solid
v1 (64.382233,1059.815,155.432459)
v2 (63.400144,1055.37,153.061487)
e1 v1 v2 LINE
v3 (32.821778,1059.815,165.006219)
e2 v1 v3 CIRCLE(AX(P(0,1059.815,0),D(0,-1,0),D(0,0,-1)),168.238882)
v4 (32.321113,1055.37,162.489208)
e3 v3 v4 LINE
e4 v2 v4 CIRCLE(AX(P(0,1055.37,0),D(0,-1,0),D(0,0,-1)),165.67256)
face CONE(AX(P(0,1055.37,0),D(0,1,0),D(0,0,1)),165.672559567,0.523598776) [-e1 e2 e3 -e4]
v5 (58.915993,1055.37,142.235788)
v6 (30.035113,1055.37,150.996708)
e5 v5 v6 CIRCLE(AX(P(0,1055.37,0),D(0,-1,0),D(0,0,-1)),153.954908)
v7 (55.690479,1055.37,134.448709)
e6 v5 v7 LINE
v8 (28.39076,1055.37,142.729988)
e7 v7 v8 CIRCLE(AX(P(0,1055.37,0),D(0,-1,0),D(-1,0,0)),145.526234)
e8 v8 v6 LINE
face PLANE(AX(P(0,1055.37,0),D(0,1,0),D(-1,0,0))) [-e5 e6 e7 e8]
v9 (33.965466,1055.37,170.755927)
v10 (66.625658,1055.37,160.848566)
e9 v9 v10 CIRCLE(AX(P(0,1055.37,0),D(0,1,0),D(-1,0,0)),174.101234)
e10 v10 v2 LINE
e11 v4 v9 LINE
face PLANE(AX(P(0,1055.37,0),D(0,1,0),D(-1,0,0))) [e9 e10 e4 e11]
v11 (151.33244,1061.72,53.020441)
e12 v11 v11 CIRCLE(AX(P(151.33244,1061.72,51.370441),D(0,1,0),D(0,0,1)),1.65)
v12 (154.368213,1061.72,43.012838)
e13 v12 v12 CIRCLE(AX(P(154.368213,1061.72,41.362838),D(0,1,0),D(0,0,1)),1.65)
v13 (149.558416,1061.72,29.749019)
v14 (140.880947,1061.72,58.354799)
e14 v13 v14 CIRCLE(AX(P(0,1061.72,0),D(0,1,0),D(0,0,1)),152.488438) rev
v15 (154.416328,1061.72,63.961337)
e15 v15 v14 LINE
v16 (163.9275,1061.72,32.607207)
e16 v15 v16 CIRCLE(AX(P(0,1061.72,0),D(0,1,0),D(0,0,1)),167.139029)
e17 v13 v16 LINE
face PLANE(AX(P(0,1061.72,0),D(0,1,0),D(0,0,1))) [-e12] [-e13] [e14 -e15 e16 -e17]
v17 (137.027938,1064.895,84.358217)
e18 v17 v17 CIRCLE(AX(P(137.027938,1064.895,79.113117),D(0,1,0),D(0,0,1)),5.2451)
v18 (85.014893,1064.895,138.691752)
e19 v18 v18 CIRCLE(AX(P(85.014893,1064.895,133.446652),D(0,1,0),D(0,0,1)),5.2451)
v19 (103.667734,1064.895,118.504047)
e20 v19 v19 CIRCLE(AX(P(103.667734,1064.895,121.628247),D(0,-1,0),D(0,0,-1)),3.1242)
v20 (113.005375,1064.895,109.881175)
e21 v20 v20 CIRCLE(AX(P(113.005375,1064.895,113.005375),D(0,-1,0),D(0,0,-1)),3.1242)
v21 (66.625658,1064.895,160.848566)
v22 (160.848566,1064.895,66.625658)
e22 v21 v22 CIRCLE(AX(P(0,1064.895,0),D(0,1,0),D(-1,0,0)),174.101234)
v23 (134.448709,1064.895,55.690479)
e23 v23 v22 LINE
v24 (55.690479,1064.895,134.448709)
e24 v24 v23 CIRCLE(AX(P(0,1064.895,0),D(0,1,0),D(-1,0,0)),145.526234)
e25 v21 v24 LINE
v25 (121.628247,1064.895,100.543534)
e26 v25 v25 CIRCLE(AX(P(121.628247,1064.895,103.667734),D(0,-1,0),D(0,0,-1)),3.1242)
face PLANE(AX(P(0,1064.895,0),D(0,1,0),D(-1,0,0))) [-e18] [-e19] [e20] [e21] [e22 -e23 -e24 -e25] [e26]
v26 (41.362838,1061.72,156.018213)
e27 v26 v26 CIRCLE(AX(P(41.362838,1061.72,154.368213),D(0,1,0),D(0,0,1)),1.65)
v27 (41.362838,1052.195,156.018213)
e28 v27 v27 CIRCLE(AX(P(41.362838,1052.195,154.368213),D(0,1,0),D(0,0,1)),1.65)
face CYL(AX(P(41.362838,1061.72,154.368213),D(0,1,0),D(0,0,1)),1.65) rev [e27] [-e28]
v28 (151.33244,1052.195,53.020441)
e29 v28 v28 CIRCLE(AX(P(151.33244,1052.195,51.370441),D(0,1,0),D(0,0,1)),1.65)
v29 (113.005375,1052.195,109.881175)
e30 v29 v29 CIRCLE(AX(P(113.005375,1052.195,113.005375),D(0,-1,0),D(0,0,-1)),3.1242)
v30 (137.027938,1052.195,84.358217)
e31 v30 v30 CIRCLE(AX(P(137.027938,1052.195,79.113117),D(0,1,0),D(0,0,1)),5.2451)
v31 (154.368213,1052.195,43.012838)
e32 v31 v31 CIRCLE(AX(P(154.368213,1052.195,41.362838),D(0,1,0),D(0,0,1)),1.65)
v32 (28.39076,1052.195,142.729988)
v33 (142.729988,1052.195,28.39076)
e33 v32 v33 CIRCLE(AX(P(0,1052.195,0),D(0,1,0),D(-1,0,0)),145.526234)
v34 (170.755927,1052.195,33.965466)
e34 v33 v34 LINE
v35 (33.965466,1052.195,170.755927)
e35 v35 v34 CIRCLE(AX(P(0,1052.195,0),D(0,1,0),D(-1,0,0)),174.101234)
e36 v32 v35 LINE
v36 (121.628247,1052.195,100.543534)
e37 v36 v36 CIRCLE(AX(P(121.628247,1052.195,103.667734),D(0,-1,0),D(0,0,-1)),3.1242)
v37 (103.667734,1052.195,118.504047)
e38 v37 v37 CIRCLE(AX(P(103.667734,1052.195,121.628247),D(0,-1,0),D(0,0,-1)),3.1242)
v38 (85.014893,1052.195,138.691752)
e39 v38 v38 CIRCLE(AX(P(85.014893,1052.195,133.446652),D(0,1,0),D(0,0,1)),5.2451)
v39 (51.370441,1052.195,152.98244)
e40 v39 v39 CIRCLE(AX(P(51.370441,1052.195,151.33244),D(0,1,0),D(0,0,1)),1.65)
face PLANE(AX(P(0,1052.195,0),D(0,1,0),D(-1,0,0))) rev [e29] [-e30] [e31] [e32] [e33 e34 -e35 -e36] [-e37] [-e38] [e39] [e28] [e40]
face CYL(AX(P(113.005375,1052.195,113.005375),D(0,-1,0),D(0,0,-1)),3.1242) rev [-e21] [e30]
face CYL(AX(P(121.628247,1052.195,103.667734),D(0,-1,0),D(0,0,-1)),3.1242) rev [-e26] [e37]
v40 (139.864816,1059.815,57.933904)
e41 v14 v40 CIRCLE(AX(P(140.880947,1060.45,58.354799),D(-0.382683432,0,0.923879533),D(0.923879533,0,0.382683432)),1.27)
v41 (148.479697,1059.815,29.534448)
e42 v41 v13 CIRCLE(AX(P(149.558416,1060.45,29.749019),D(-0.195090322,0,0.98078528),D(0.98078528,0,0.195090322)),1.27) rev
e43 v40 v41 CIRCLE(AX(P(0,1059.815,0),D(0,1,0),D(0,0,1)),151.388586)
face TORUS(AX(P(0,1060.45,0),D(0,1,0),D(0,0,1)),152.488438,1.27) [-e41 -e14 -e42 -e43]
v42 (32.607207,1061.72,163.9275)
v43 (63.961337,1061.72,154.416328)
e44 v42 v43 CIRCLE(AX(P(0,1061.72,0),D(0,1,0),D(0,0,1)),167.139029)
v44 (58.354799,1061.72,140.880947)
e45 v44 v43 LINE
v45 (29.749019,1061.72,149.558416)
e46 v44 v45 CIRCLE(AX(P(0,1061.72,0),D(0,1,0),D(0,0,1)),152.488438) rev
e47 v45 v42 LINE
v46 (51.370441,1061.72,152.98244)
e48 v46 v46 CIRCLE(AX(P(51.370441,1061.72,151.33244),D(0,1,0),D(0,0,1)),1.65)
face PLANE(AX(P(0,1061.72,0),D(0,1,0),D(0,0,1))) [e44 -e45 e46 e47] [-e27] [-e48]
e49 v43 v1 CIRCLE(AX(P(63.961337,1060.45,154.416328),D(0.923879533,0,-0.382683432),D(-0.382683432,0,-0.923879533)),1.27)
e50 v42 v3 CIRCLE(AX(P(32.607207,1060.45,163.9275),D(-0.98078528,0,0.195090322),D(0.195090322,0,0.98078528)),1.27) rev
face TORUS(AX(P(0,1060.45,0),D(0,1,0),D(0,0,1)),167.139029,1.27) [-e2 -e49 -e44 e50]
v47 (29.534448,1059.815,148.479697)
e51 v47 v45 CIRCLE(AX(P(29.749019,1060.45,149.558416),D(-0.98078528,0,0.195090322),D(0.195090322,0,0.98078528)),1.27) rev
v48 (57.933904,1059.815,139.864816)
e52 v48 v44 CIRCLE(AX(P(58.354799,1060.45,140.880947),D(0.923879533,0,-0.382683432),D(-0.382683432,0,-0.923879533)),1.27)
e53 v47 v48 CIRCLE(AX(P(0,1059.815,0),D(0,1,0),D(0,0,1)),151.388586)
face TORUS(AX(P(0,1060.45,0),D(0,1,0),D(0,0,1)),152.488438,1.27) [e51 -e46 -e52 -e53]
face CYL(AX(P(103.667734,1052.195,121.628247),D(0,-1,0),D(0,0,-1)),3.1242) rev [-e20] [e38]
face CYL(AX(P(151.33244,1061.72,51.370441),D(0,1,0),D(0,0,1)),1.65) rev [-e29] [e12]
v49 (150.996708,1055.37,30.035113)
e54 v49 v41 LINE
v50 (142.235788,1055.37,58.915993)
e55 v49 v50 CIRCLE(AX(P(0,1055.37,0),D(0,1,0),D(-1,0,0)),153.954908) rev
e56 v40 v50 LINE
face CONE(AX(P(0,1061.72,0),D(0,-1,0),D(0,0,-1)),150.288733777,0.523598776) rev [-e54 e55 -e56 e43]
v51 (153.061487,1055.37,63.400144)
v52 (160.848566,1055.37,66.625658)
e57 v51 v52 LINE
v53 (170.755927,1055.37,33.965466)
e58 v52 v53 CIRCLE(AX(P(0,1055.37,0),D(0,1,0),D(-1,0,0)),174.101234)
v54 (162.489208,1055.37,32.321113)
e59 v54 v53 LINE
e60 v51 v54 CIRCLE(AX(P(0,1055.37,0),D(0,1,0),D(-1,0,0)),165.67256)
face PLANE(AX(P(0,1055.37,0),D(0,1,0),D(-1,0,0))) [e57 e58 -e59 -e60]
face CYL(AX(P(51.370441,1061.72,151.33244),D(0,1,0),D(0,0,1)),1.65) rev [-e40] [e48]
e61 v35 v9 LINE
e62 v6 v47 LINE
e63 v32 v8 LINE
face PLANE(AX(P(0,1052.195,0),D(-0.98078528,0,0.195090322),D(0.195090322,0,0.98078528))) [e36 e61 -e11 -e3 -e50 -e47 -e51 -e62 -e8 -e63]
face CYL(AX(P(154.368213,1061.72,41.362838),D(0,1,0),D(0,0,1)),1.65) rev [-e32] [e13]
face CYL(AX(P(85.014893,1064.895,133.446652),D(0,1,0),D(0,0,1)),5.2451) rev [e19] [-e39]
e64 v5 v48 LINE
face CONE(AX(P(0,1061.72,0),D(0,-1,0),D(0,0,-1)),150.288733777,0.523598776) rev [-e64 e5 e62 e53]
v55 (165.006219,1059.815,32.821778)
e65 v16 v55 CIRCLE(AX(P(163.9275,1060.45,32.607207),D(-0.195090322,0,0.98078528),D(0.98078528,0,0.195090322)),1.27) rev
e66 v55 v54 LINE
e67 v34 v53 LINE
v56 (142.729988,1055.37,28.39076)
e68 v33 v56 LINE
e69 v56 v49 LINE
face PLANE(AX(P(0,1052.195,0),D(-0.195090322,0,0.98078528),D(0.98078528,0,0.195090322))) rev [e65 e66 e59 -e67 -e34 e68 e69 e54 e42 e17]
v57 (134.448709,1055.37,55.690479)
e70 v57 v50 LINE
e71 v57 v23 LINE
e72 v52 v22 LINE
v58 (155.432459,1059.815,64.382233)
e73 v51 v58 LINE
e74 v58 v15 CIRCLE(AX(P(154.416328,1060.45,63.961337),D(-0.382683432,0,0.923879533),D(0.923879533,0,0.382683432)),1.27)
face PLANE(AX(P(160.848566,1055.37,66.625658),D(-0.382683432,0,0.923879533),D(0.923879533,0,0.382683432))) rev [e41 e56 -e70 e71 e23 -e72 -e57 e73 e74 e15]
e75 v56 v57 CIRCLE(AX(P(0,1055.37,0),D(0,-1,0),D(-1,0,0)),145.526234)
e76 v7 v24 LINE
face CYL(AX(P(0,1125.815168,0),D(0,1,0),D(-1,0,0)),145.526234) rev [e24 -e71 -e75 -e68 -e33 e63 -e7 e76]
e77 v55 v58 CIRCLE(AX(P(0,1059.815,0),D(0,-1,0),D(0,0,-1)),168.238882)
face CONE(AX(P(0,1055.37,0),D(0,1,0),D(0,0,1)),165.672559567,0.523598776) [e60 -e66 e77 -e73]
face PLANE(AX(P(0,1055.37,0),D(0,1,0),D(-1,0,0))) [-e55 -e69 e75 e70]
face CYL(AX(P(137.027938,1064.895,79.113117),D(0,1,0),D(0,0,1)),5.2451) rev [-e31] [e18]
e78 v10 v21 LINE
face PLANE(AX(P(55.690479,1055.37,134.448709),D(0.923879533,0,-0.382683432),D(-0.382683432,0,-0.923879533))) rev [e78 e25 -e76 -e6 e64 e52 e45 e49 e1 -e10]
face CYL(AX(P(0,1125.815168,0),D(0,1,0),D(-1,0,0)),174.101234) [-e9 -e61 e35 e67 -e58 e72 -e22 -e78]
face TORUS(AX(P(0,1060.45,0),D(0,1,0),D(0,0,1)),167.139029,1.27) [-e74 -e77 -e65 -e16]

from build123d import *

# Parameters (mm, degrees)
SKETCH1_W                = 28.575
SKETCH1_H                = 12.7
CUT_EXTRUDE1_DEPTH       = 9.525
F_12_CLEARANCE_HOLE1_D   = 6.2484
M4X0_7_TAPPED_HOLE1_D    = 3.3
CIRPATTERN1_COUNT        = 4
Z_0_413_DIAMETER_HOLE1_D = 10.4902
FILLET1_R                = 1.27
CUT_EXTRUDE2_DEPTH       = 247.298196718
CUT_EXTRUDE2_DEPTH_BACK  = 247.298196718


with BuildPart() as part:
    # Sketch1 → Revolve1 (revolve)
    with BuildSketch(Plane.XY, mode=Mode.PRIVATE) as revolve1_sk:
        with Locations((159.813733777, 1058.545)):
            Rectangle(SKETCH1_W, SKETCH1_H)
    revolve(revolve1_sk.sketch.rotate(Axis((0, 1125.81516809, 0), (0, -1, 0)), 180), axis=Axis((0, 1125.81516809, 0), (0, -1, 0)))

    # Sketch19 → Cut-Extrude1 (cut)
    with BuildSketch(Plane(origin=(0, 1064.895, 0), x_dir=(1, 0, 0), z_dir=(0, 1, 0))):
        with BuildLine():
            Line((160.848566471, -66.625657721), (134.44870883, -55.690478641))
            ThreePointArc((134.44870883, -55.690478641), (145.526233777, 0), (134.44870883, 55.690478641))
            Line((134.44870883, 55.690478641), (160.848566471, 66.625657721))
            ThreePointArc((160.848566471, 66.625657721), (174.101233777, 0), (160.848566471, -66.625657721))
        make_face()
        with BuildLine():
            Line((-66.625657721, 160.848566471), (-55.690478641, 134.44870883))
            ThreePointArc((-55.690478641, 134.44870883), (0, 145.526233777), (55.690478641, 134.44870883))
            Line((55.690478641, 134.44870883), (66.625657721, 160.848566471))
            ThreePointArc((66.625657721, 160.848566471), (0, 174.101233777), (-66.625657721, 160.848566471))
        make_face()
        with BuildLine():
            Line((-134.44870883, -55.690478641), (-160.848566471, -66.625657721))
            ThreePointArc((-160.848566471, -66.625657721), (-174.101233777, 0), (-160.848566471, 66.625657721))
            Line((-160.848566471, 66.625657721), (-134.44870883, 55.690478641))
            ThreePointArc((-134.44870883, 55.690478641), (-145.526233777, 0), (-134.44870883, -55.690478641))
        make_face()
        with BuildLine():
            Line((-55.690478641, -134.44870883), (-66.625657721, -160.848566471))
            ThreePointArc((-66.625657721, -160.848566471), (0, -174.101233777), (66.625657721, -160.848566471))
            Line((66.625657721, -160.848566471), (55.690478641, -134.44870883))
            ThreePointArc((55.690478641, -134.44870883), (0, -145.526233777), (-55.690478641, -134.44870883))
        make_face()
    extrude(amount=-CUT_EXTRUDE1_DEPTH, mode=Mode.SUBTRACT)

    # Sketch21 → Revolve2 (revolve)
    with BuildSketch(Plane.XY):
        Polygon((-165.672559567, 1055.37), (-153.954907986, 1055.37), (-150.288733777, 1061.72), (-169.338733777, 1061.72), align=None)
    revolve(axis=Axis((0, 0, 0), (0, 1, 0)))

    # #12 Clearance Hole1 (through all)
    with Locations(Plane(origin=(0, 1052.195, 0), x_dir=(-1, 0, 0), z_dir=(0, -1, 0))):
        with Locations((103.667734326, 121.628246568), (121.628246568, 103.667734326), (113.00537488, 113.00537488)):
            f_12_clearance_hole1 = Hole(F_12_CLEARANCE_HOLE1_D / 2)

    # M4x0.7 Tapped Hole1 (through all)
    with Locations(Plane(origin=(0, 1061.72, 0), x_dir=(1, 0, 0), z_dir=(0, 1, 0))):
        with Locations((-51.370441133, 151.33243962), (-41.36283797, 154.36821285), (51.370441133, 151.33243962), (41.36283797, 154.36821285)):
            m4x0_7_tapped_hole1 = Hole(M4X0_7_TAPPED_HOLE1_D / 2)

    # CirPattern1: #12 Clearance Hole1, M4x0.7 Tapped Hole1 ×4 about axis
    cirpattern1_axis = Axis((0, 0, 0), (0, 1, 0))
    add([f_12_clearance_hole1.rotate(cirpattern1_axis, i * 360 / CIRPATTERN1_COUNT) for i in range(1, CIRPATTERN1_COUNT)], mode=Mode.SUBTRACT)
    add([m4x0_7_tapped_hole1.rotate(cirpattern1_axis, i * 360 / CIRPATTERN1_COUNT) for i in range(1, CIRPATTERN1_COUNT)], mode=Mode.SUBTRACT)

    # Z (0.413) Diameter Hole1 (through all)
    with Locations(Plane(origin=(0, 1064.895, 0), x_dir=(1, 0, 0), z_dir=(0, 1, 0))):
        with Locations((-137.027937996, -79.113116888), (137.027937996, -79.113116888), (137.027937996, 79.113116888), (-137.027937996, 79.113116888), (-85.014893438, 133.44665207), (85.014893438, 133.44665207), (85.014893438, -133.44665207), (-85.014893438, -133.44665207)):
            Hole(Z_0_413_DIAMETER_HOLE1_D / 2)

    # Fillet1
    fillet1_edges = [part.edges().sort_by_distance(p)[0] for p in [
        (-150.288733777, 1061.72, 0),
        (0, 1061.72, 150.288733777),
        (0, 1061.72, -150.288733777),
        (150.288733777, 1061.72, 0),
        (-169.338733777, 1061.72, 0),
        (0, 1061.72, 169.338733777),
        (0, 1061.72, -169.338733777),
        (169.338733777, 1061.72, 0),
    ]]
    fillet(fillet1_edges, radius=FILLET1_R)

    # Sketch23 → Cut-Extrude2 (cut, two sides: drawn at the far end of the back side and taken through both)
    with BuildSketch(Plane(origin=(0, 1058.545, 0), x_dir=(1, 0, 0), z_dir=(0, 1, 0)).offset(-CUT_EXTRUDE2_DEPTH_BACK)):
        with BuildLine():
            ThreePointArc((174.101233777, 0), (173.262888749, 17.064905063), (170.755927388, 33.965465761))
            Line((170.755927388, 33.965465761), (142.729988001, 28.390759809))
            ThreePointArc((142.729988001, 28.390759809), (144.825485185, 14.264065278), (145.526233777, 0))
            ThreePointArc((145.526233777, 0), (144.825485185, -14.264065278), (142.729988001, -28.390759809))
            Line((142.729988001, -28.390759809), (170.755927388, -33.965465761))
            ThreePointArc((170.755927388, -33.965465761), (173.262888749, -17.064905063), (174.101233777, 0))
        make_face()
        with BuildLine():
            Line((-142.729988001, 28.390759809), (-170.755927388, 33.965465761))
            ThreePointArc((-170.755927388, 33.965465761), (-174.101233777, 0), (-170.755927388, -33.965465761))
            Line((-170.755927388, -33.965465761), (-142.729988001, -28.390759809))
            ThreePointArc((-142.729988001, -28.390759809), (-145.526233777, 0), (-142.729988001, 28.390759809))
        make_face()
        with BuildLine():
            Line((28.390759809, 142.729988001), (33.965465761, 170.755927388))
            ThreePointArc((33.965465761, 170.755927388), (0, 174.101233777), (-33.965465761, 170.755927388))
            Line((-33.965465761, 170.755927388), (-28.390759809, 142.729988001))
            ThreePointArc((-28.390759809, 142.729988001), (0, 145.526233777), (28.390759809, 142.729988001))
        make_face()
        with BuildLine():
            ThreePointArc((28.390759809, -142.729988001), (0, -145.526233777), (-28.390759809, -142.729988001))
            Line((-28.390759809, -142.729988001), (-33.965465761, -170.755927388))
            ThreePointArc((-33.965465761, -170.755927388), (0, -174.101233777), (33.965465761, -170.755927388))
            Line((33.965465761, -170.755927388), (28.390759809, -142.729988001))
        make_face()
    extrude(amount=CUT_EXTRUDE2_DEPTH + CUT_EXTRUDE2_DEPTH_BACK, mode=Mode.SUBTRACT)


with BuildPart() as cut_extrude2_kept_piece:
    # of the separate pieces the step leaves, the one the design keeps (cut_extrude2_pieces_kept)
    add(part.part.solids().sort_by_distance((32.321112995, 1055.37, 162.48920779))[0])


solid = cut_extrude2_kept_piece.part
